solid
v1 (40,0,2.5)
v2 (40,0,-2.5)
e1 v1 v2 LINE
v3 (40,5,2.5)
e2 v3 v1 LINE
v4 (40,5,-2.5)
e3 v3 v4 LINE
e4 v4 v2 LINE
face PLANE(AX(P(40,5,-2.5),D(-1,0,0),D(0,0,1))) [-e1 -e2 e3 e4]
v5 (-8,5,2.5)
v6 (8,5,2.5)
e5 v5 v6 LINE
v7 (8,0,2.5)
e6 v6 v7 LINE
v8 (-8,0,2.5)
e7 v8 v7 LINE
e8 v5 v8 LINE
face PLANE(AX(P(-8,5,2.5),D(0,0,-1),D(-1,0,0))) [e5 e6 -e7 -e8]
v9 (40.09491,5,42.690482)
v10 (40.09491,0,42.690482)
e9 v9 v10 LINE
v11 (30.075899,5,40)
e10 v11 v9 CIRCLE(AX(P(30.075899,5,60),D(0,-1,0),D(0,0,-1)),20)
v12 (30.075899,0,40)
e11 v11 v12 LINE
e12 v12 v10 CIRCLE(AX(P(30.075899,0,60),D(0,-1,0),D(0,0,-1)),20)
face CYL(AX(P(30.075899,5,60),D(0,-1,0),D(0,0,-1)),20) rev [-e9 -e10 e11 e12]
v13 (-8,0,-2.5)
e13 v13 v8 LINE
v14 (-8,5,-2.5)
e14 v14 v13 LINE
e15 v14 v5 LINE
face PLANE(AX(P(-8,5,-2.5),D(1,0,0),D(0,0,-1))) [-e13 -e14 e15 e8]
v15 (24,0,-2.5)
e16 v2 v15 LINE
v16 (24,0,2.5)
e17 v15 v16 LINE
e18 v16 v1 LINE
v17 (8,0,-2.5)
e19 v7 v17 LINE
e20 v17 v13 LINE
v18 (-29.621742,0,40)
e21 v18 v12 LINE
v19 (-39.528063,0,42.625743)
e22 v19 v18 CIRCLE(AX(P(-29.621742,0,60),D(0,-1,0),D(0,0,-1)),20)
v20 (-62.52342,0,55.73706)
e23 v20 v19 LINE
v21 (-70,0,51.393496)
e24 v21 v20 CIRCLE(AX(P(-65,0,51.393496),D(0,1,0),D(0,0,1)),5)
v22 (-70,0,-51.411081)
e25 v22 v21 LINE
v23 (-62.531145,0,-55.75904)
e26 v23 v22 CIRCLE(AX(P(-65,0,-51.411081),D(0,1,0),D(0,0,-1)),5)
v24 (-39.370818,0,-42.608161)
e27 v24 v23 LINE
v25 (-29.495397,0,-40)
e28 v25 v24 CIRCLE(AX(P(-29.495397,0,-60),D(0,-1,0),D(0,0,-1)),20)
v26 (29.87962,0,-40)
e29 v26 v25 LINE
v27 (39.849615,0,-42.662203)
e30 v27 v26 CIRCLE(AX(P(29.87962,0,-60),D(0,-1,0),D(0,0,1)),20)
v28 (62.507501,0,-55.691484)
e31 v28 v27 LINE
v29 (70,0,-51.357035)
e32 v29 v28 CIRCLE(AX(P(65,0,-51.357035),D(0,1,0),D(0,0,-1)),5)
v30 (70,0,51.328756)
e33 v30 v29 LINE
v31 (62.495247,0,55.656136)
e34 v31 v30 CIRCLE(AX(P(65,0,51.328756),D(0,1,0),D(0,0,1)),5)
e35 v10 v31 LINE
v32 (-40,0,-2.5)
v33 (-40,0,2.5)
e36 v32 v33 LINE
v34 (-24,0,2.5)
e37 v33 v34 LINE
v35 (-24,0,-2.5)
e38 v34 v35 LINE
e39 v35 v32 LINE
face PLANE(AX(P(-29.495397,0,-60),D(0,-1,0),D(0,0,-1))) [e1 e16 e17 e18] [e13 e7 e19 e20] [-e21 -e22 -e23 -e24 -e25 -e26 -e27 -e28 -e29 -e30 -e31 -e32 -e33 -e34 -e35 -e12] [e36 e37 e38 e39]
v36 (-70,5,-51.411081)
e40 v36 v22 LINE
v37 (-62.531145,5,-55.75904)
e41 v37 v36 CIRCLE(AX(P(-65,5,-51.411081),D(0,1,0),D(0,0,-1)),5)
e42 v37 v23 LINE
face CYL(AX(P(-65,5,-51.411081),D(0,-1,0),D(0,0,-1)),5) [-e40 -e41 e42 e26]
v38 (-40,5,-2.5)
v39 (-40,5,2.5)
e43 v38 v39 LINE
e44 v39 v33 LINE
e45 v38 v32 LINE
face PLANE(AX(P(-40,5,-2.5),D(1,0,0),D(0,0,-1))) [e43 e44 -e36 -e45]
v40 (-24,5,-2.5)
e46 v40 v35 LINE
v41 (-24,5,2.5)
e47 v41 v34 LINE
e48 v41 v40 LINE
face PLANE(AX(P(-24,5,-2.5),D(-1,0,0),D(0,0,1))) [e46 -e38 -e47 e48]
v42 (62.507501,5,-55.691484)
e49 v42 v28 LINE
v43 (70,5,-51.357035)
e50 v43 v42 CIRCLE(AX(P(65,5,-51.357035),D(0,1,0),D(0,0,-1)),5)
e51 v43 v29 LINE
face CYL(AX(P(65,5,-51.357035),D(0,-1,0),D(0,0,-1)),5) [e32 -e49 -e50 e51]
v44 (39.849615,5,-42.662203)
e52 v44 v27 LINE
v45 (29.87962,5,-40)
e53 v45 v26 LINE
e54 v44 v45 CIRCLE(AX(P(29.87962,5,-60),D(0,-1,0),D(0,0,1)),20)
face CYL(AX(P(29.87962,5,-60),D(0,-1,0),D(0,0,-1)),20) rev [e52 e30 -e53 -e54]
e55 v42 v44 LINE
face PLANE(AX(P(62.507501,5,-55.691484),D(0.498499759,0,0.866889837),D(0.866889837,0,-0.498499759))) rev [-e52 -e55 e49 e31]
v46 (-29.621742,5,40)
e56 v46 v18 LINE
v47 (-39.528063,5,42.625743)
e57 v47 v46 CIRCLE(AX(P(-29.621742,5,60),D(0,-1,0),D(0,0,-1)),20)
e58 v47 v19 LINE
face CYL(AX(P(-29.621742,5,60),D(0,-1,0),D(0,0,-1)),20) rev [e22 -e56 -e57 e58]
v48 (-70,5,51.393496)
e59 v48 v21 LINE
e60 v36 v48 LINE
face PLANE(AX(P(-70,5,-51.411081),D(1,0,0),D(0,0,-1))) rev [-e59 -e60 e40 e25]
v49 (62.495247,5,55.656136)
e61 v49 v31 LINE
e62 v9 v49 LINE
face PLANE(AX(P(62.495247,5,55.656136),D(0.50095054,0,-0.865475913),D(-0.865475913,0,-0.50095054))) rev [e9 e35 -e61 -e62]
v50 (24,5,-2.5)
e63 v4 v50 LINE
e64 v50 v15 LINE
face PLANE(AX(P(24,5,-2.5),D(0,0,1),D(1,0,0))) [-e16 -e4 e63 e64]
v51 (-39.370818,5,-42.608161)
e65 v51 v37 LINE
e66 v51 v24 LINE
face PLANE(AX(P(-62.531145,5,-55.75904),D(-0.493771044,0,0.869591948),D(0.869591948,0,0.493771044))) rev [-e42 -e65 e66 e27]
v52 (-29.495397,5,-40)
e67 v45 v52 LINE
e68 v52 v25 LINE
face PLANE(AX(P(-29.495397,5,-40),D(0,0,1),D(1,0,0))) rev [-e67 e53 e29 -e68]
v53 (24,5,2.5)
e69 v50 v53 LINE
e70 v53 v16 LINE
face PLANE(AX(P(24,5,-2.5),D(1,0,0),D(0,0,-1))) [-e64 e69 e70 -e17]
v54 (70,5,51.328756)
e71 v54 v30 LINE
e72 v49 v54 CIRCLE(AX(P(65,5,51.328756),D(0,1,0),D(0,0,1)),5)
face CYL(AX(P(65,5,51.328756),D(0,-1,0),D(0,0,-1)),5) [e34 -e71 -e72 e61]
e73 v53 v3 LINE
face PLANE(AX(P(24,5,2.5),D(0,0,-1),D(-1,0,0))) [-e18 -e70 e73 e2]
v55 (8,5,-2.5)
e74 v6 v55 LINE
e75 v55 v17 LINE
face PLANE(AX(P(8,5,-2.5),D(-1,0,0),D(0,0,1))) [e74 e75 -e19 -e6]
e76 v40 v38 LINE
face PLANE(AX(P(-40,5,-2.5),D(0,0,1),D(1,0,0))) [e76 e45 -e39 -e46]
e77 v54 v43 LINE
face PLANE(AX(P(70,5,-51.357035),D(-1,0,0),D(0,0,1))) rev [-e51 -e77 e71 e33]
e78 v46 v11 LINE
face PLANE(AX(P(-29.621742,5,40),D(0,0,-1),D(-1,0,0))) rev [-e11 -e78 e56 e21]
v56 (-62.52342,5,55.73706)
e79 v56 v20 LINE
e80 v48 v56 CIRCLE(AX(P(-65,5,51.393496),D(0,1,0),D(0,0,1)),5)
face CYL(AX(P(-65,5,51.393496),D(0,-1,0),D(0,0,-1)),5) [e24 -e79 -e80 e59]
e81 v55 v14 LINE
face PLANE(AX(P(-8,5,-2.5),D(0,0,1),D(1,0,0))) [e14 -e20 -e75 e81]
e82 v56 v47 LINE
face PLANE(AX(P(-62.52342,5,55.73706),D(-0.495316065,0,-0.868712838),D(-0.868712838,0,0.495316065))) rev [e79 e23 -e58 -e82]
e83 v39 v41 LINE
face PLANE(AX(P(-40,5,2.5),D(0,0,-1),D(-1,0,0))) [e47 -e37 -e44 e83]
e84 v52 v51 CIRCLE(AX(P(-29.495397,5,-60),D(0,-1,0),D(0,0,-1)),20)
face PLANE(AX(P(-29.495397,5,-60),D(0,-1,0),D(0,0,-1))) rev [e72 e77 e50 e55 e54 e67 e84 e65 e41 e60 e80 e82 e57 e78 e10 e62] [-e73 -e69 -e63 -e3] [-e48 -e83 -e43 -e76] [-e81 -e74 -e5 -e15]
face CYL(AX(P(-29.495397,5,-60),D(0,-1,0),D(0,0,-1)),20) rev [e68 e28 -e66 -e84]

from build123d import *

# Parameters (mm, degrees)
SKETCH1_W           = 16
SKETCH1_H           = 5
BOSS_EXTRUDE1_DEPTH = 5


with BuildPart() as part:
    # Sketch1 → Boss-Extrude1 (new body)
    with BuildSketch(Plane(origin=(0, 0, 0), x_dir=(1, 0, 0), z_dir=(0, 1, 0))):
        with BuildLine():
            Line((-29.495397245, 40), (29.879619523, 40))
            ThreePointArc((29.879619523, 40), (35.039273824, 40.677009354), (39.849614703, 42.662203251))
            Line((39.849614703, 42.662203251), (62.507501205, 55.691483874))
            ThreePointArc((62.507501205, 55.691483874), (67.503747793, 55.684995753), (70, 51.357034687))
            Line((70, 51.357034687), (70, -51.328756138))
            ThreePointArc((70, -51.328756138), (67.497622519, -55.660254926), (62.495247299, -55.656135704))
            Line((62.495247299, -55.656135704), (40.094909722, -42.690481736))
            ThreePointArc((40.094909722, -42.690481736), (35.262884302, -40.684328056), (30.075898919, -40))
            Line((30.075898919, -40), (-29.621741739, -40))
            ThreePointArc((-29.621741739, -40), (-34.74594239, -40.667577294), (-39.528063042, -42.625743232))
            Line((-39.528063042, -42.625743232), (-62.523419674, -55.737060414))
            ThreePointArc((-62.523419674, -55.737060414), (-67.511682541, -55.716857277), (-70, -51.393496222))
            Line((-70, -51.393496222), (-70, 51.411080519))
            ThreePointArc((-70, 51.411080519), (-67.515524189, 55.732207462), (-62.531144779, 55.759040259))
            Line((-62.531144779, 55.759040259), (-39.370818131, 42.608161042))
            ThreePointArc((-39.370818131, 42.608161042), (-34.602413049, 40.663030497), (-29.495397245, 40))
        make_face()
        Rectangle(SKETCH1_W, SKETCH1_H, mode=Mode.SUBTRACT)
        with Locations((-32, 0)):
            Rectangle(SKETCH1_W, SKETCH1_H, mode=Mode.SUBTRACT)
        with Locations((32, 0)):
            Rectangle(SKETCH1_W, SKETCH1_H, mode=Mode.SUBTRACT)
    extrude(amount=BOSS_EXTRUDE1_DEPTH)


solid = part.part
